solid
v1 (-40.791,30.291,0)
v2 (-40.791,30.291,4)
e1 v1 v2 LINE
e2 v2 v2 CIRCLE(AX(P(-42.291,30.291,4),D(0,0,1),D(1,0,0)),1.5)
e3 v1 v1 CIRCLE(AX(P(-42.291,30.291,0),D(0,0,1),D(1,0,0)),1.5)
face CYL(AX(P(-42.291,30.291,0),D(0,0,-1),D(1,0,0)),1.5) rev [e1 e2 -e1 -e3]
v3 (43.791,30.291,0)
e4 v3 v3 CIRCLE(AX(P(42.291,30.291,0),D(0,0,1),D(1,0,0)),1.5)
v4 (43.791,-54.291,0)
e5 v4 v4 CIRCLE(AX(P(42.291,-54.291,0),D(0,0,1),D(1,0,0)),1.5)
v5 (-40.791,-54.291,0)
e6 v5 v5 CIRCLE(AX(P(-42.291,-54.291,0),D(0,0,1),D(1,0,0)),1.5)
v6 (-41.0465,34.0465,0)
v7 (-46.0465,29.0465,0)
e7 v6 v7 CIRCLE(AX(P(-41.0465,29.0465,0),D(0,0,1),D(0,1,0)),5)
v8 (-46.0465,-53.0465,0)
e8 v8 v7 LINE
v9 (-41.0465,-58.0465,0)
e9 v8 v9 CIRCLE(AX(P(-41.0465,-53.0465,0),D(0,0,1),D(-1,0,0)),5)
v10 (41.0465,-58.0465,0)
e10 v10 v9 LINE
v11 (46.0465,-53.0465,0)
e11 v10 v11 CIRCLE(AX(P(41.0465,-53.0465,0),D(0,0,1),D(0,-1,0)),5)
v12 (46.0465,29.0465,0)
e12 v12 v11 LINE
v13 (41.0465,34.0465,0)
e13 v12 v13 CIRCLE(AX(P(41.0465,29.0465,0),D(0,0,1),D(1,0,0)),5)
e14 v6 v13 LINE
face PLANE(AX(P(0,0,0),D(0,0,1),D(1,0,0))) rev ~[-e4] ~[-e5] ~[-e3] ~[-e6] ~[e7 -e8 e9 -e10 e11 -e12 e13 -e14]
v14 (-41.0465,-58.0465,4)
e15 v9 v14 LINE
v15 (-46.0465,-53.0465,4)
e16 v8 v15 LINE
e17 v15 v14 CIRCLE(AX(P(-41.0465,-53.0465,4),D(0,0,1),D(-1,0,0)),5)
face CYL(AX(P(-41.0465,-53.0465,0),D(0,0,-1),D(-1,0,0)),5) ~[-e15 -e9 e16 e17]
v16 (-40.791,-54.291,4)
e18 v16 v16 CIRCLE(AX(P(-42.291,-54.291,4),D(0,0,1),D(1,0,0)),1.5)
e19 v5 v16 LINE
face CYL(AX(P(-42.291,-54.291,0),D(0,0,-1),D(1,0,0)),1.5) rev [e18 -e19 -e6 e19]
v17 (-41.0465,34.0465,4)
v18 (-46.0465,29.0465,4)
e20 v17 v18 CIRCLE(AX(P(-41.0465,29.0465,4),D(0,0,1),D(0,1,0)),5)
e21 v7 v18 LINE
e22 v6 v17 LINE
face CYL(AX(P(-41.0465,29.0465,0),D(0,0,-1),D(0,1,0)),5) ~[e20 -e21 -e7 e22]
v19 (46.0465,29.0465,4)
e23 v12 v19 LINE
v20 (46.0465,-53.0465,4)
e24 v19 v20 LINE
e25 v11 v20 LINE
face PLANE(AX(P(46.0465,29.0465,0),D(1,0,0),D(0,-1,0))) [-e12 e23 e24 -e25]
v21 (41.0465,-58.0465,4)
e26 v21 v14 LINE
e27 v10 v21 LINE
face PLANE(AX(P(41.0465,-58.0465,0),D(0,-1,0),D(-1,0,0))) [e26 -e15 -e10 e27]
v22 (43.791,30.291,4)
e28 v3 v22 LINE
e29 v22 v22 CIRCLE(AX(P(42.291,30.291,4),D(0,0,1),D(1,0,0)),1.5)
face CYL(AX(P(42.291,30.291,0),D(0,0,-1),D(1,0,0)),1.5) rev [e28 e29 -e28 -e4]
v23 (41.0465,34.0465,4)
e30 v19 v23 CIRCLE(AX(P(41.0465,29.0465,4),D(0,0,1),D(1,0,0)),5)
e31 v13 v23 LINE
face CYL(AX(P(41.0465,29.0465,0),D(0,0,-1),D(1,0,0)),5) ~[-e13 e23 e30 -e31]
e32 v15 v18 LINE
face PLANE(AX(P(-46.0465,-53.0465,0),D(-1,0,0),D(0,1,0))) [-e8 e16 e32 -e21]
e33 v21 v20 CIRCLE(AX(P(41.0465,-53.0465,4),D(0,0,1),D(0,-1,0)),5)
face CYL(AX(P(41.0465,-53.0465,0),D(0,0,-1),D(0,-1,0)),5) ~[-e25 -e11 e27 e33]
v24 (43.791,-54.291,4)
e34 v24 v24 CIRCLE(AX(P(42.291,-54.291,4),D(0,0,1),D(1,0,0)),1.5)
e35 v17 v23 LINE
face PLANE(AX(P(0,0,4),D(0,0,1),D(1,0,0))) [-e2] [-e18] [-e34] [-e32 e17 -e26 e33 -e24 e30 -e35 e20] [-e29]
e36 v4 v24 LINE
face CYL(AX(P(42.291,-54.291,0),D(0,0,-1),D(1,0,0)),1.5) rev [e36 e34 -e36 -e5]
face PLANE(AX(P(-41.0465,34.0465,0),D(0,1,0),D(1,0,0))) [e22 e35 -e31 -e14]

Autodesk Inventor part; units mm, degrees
ref_plane "YZ Plane" through (0, 0, 0) normal (1, 0, 0) x (0, 1, 0)
ref_plane "XZ Plane" through (0, 0, 0) normal (0, 1, 0) x (-1, 0, 0)
ref_plane "XY Plane" through (0, 0, 0) normal (0, 0, 1) x (1, 0, 0)
sketch "Sketch1" plane through (0, 0, 0) normal (0, 0, 1) x (1, 0, 0)
  line L0 (-40, 28) -> (40, 28) construction
  line L1 (-40, -52) -> (-40, 28) construction
  line L2 (-40, 53) -> (-40, 133) construction
  line L3 (-40, 133) -> (40, 133) construction
  line L4 (40, 133) -> (40, 53) construction
  line L5 (40, 53) -> (-40, 53) construction
  line L6 (-40, -52) -> (-40, 28) construction
  line L7 (-40, 28) -> (40, 28) construction
  line L8 (40, 28) -> (40, -52) construction
  line L9 (40, -52) -> (-40, -52) construction
  circle A0 centre (-27.5, 195) radius 1.5 construction
  circle A1 centre (27.5, 195) radius 1.5 construction
  circle A2 centre (27.5, -116) radius 1.5 construction
  circle A3 centre (-27.5, -116) radius 1.5 construction
  circle A4 centre (-27.5, -183) radius 1.5 construction
  circle A5 centre (27.5, -183) radius 1.5 construction
  line L10 (-37.5, -118) -> (-72.5, -118) construction
  line L11 (-72.5, -118) -> (-72.5, -114) construction
  line L12 (-72.5, -114) -> (-37.5, -114) construction
  line L13 (-37.5, -114) -> (-37.5, -118) construction
  line L14 (72.5, 197) -> (72.5, 193) construction
  line L15 (72.5, 193) -> (37.5, 193) construction
  line L16 (37.5, 193) -> (37.5, 197) construction
  line L17 (37.5, 197) -> (72.5, 197) construction
  line L18 (-17.5, 197) -> (17.5, 197) construction
  line L19 (17.5, 197) -> (17.5, 193) construction
  line L20 (17.5, 193) -> (-17.5, 193) construction
  line L21 (-17.5, 193) -> (-17.5, 197) construction
  line L22 (-37.5, -185) -> (-72.5, -185) construction
  line L23 (-72.5, -185) -> (-72.5, -181) construction
  line L24 (-72.5, -181) -> (-37.5, -181) construction
  line L25 (-37.5, -181) -> (-37.5, -185) construction
  line L26 (17.5, -118) -> (-17.5, -118) construction
  line L27 (-17.5, -118) -> (-17.5, -114) construction
  line L28 (-17.5, -114) -> (17.5, -114) construction
  line L29 (17.5, -114) -> (17.5, -118) construction
  line L30 (72.5, -185) -> (37.5, -185) construction
  line L31 (37.5, -185) -> (37.5, -181) construction
  line L32 (37.5, -181) -> (72.5, -181) construction
  line L33 (72.5, -181) -> (72.5, -185) construction
  line L34 (-37.5, 193) -> (-72.5, 193) construction
  line L35 (-72.5, 193) -> (-72.5, 197) construction
  line L36 (-72.5, 197) -> (-37.5, 197) construction
  line L37 (-37.5, 197) -> (-37.5, 193) construction
  line L38 (17.5, -181) -> (17.5, -185) construction
  line L39 (17.5, -185) -> (-17.5, -185) construction
  line L40 (-17.5, -185) -> (-17.5, -181) construction
  line L41 (-17.5, -181) -> (17.5, -181) construction
  line L42 (72.5, -114) -> (72.5, -118) construction
  line L43 (72.5, -118) -> (37.5, -118) construction
  line L44 (37.5, -118) -> (37.5, -114) construction
  line L45 (37.5, -114) -> (72.5, -114) construction
  circle A6 centre (-102, 39.5) radius 1.5 construction
  circle A7 centre (-102, -110.5) radius 1.5 construction
  circle A8 centre (102, -35.5) radius 1.5 construction
  circle A9 centre (102, 114.5) radius 1.5 construction
  circle A10 centre (102, -185.5) radius 1.5 construction
  circle A11 centre (-102, 189.5) radius 1.5 construction
  line L46 (100, 188) -> (95.2, 188) construction
  line L47 (95.2, 188) -> (95.2, 186.8) construction
  line L48 (95.2, 186.8) -> (92.8, 186.8) construction
  line L49 (92.8, 186.8) -> (92.8, 188) construction
  line L50 (92.8, 188) -> (88, 188) construction
  line L51 (88, 188) -> (88, 191) construction
  line L52 (88, 191) -> (92.8, 191) construction
  line L53 (92.8, 191) -> (92.8, 192.2) construction
  line L54 (92.8, 192.2) -> (95.2, 192.2) construction
  line L55 (95.2, 192.2) -> (95.2, 191) construction
  line L56 (95.2, 191) -> (100, 191) construction
  line L57 (100, 227) -> (100, 191) construction
  line L58 (87.5, 227) -> (100, 227) construction
  line L59 (87.5, 231) -> (87.5, 227) construction
  line L60 (52.5, 231) -> (87.5, 231) construction
  line L61 (52.5, 227) -> (52.5, 231) construction
  line L62 (36.5, 227) -> (52.5, 227) construction
  line L63 (36.5, 222.2) -> (36.5, 227) construction
  line L64 (37.7, 222.2) -> (36.5, 222.2) construction
  line L65 (37.7, 219.8) -> (37.7, 222.2) construction
  line L66 (36.5, 219.8) -> (37.7, 219.8) construction
  line L67 (36.5, 215) -> (36.5, 219.8) construction
  line L68 (33.5, 215) -> (36.5, 215) construction
  line L69 (33.5, 219.8) -> (33.5, 215) construction
  line L70 (32.3, 219.8) -> (33.5, 219.8) construction
  line L71 (32.3, 222.2) -> (32.3, 219.8) construction
  line L72 (33.5, 222.2) -> (32.3, 222.2) construction
  line L73 (33.5, 227) -> (33.5, 222.2) construction
  line L74 (17.5, 227) -> (33.5, 227) construction
  line L75 (17.5, 231) -> (17.5, 227) construction
  line L76 (-17.5, 231) -> (17.5, 231) construction
  line L77 (-17.5, 227) -> (-17.5, 231) construction
  line L78 (-33.5, 227) -> (-17.5, 227) construction
  line L79 (-33.5, 222.2) -> (-33.5, 227) construction
  line L80 (-32.3, 222.2) -> (-33.5, 222.2) construction
  line L81 (-32.3, 219.8) -> (-32.3, 222.2) construction
  line L82 (-33.5, 219.8) -> (-32.3, 219.8) construction
  line L83 (-33.5, 215) -> (-33.5, 219.8) construction
  line L84 (-36.5, 215) -> (-33.5, 215) construction
  line L85 (-36.5, 219.8) -> (-36.5, 215) construction
  line L86 (-37.7, 219.8) -> (-36.5, 219.8) construction
  line L87 (-37.7, 222.2) -> (-37.7, 219.8) construction
  line L88 (-36.5, 222.2) -> (-37.7, 222.2) construction
  line L89 (-36.5, 227) -> (-36.5, 222.2) construction
  line L90 (-52.5, 227) -> (-36.5, 227) construction
  line L91 (-52.5, 231) -> (-52.5, 227) construction
  line L92 (-87.5, 231) -> (-52.5, 231) construction
  line L93 (-87.5, 227) -> (-87.5, 231) construction
  line L94 (-104, 227) -> (-87.5, 227) construction
  line L95 (-104, 152) -> (-104, 227) construction
  line L96 (-100, 152) -> (-104, 152) construction
  line L97 (-100, 116) -> (-100, 152) construction
  line L98 (-100, 116) -> (-95.2, 116) construction
  line L99 (-95.2, 116) -> (-95.2, 117.2) construction
  line L100 (-95.2, 117.2) -> (-92.8, 117.2) construction
  line L101 (-92.8, 117.2) -> (-92.8, 116) construction
  line L102 (-92.8, 116) -> (-88, 116) construction
  line L103 (-88, 116) -> (-88, 113) construction
  line L104 (-88, 113) -> (-92.8, 113) construction
  line L105 (-92.8, 113) -> (-92.8, 111.8) construction
  line L106 (-92.8, 111.8) -> (-95.2, 111.8) construction
  line L107 (-95.2, 111.8) -> (-95.2, 113) construction
  line L108 (-95.2, 113) -> (-100, 113) construction
  line L109 (-100, 77) -> (-100, 113) construction
  line L110 (-104, 77) -> (-100, 77) construction
  line L111 (-104, 2) -> (-104, 77) construction
  line L112 (-100, 2) -> (-104, 2) construction
  line L113 (-100, -34) -> (-100, 2) construction
  line L114 (-100, -34) -> (-95.2, -34) construction
  line L115 (-95.2, -34) -> (-95.2, -32.8) construction
  line L116 (-95.2, -32.8) -> (-92.8, -32.8) construction
  line L117 (-92.8, -32.8) -> (-92.8, -34) construction
  line L118 (-92.8, -34) -> (-88, -34) construction
  line L119 (-88, -34) -> (-88, -37) construction
  line L120 (-88, -37) -> (-92.8, -37) construction
  line L121 (-92.8, -37) -> (-92.8, -38.2) construction
  line L122 (-92.8, -38.2) -> (-95.2, -38.2) construction
  line L123 (-95.2, -38.2) -> (-95.2, -37) construction
  line L124 (-95.2, -37) -> (-100, -37) construction
  line L125 (-100, -73) -> (-100, -37) construction
  line L126 (-104, -73) -> (-100, -73) construction
  line L127 (-104, -148) -> (-104, -73) construction
  line L128 (-100, -148) -> (-104, -148) construction
  line L129 (-100, -184) -> (-100, -148) construction
  line L130 (-100, -184) -> (-95.2, -184) construction
  line L131 (-95.2, -184) -> (-95.2, -182.8) construction
  line L132 (-95.2, -182.8) -> (-92.8, -182.8) construction
  line L133 (-92.8, -182.8) -> (-92.8, -184) construction
  line L134 (-92.8, -184) -> (-88, -184) construction
  line L135 (-88, -184) -> (-88, -187) construction
  line L136 (-88, -187) -> (-92.8, -187) construction
  line L137 (-92.8, -187) -> (-92.8, -188.2) construction
  line L138 (-92.8, -188.2) -> (-95.2, -188.2) construction
  line L139 (-95.2, -188.2) -> (-95.2, -187) construction
  line L140 (-95.2, -187) -> (-100, -187) construction
  line L141 (-100, -223) -> (-100, -187) construction
  line L142 (-87.5, -223) -> (-100, -223) construction
  line L143 (-87.5, -231) -> (-87.5, -223) construction
  line L144 (-52.5, -231) -> (-87.5, -231) construction
  line L145 (-52.5, -223) -> (-52.5, -231) construction
  line L146 (-36.5, -223) -> (-52.5, -223) construction
  line L147 (-36.5, -218.2) -> (-36.5, -223) construction
  line L148 (-37.7, -218.2) -> (-36.5, -218.2) construction
  line L149 (-37.7, -215.8) -> (-37.7, -218.2) construction
  line L150 (-36.5, -215.8) -> (-37.7, -215.8) construction
  line L151 (-36.5, -211) -> (-36.5, -215.8) construction
  line L152 (-33.5, -211) -> (-36.5, -211) construction
  line L153 (-33.5, -215.8) -> (-33.5, -211) construction
  line L154 (-32.3, -215.8) -> (-33.5, -215.8) construction
  line L155 (-32.3, -218.2) -> (-32.3, -215.8) construction
  line L156 (-33.5, -218.2) -> (-32.3, -218.2) construction
  line L157 (-33.5, -223) -> (-33.5, -218.2) construction
  line L158 (-17.5, -223) -> (-33.5, -223) construction
  line L159 (-17.5, -231) -> (-17.5, -223) construction
  line L160 (17.5, -231) -> (-17.5, -231) construction
  line L161 (17.5, -223) -> (17.5, -231) construction
  line L162 (33.5, -223) -> (17.5, -223) construction
  line L163 (33.5, -218.2) -> (33.5, -223) construction
  line L164 (32.3, -218.2) -> (33.5, -218.2) construction
  line L165 (32.3, -215.8) -> (32.3, -218.2) construction
  line L166 (33.5, -215.8) -> (32.3, -215.8) construction
  line L167 (33.5, -211) -> (33.5, -215.8) construction
  line L168 (36.5, -211) -> (33.5, -211) construction
  line L169 (36.5, -215.8) -> (36.5, -211) construction
  line L170 (37.7, -215.8) -> (36.5, -215.8) construction
  line L171 (37.7, -218.2) -> (37.7, -215.8) construction
  line L172 (36.5, -218.2) -> (37.7, -218.2) construction
  line L173 (36.5, -223) -> (36.5, -218.2) construction
  line L174 (52.5, -223) -> (36.5, -223) construction
  line L175 (52.5, -231) -> (52.5, -223) construction
  line L176 (87.5, -231) -> (52.5, -231) construction
  line L177 (87.5, -223) -> (87.5, -231) construction
  line L178 (104, -223) -> (87.5, -223) construction
  line L179 (104, -148) -> (104, -223) construction
  line L180 (100, -148) -> (104, -148) construction
  line L181 (100, -112) -> (100, -148) construction
  line L182 (100, -112) -> (95.2, -112) construction
  line L183 (95.2, -112) -> (95.2, -113.2) construction
  line L184 (95.2, -113.2) -> (92.8, -113.2) construction
  line L185 (92.8, -113.2) -> (92.8, -112) construction
  line L186 (92.8, -112) -> (88, -112) construction
  line L187 (88, -112) -> (88, -109) construction
  line L188 (88, -109) -> (92.8, -109) construction
  line L189 (92.8, -109) -> (92.8, -107.8) construction
  line L190 (92.8, -107.8) -> (95.2, -107.8) construction
  line L191 (95.2, -107.8) -> (95.2, -109) construction
  line L192 (95.2, -109) -> (100, -109) construction
  line L193 (100, -73) -> (100, -109) construction
  line L194 (104, -73) -> (100, -73) construction
  line L195 (104, 2) -> (104, -73) construction
  line L196 (100, 2) -> (104, 2) construction
  line L197 (100, 38) -> (100, 2) construction
  line L198 (100, 38) -> (95.2, 38) construction
  line L199 (95.2, 38) -> (95.2, 36.8) construction
  line L200 (95.2, 36.8) -> (92.8, 36.8) construction
  line L201 (92.8, 36.8) -> (92.8, 38) construction
  line L202 (92.8, 38) -> (88, 38) construction
  line L203 (88, 38) -> (88, 41) construction
  line L204 (88, 41) -> (92.8, 41) construction
  line L205 (92.8, 41) -> (92.8, 42.2) construction
  line L206 (92.8, 42.2) -> (95.2, 42.2) construction
  line L207 (95.2, 42.2) -> (95.2, 41) construction
  line L208 (95.2, 41) -> (100, 41) construction
  line L209 (100, 77) -> (100, 41) construction
  line L210 (104, 77) -> (100, 77) construction
  line L211 (104, 152) -> (104, 77) construction
  line L212 (100, 152) -> (104, 152) construction
  line L213 (100, 188) -> (100, 152) construction
  line L214 (-40, 28) -> (40, 28) construction
  line L215 (40, 28) -> (40, -52) construction
  line L216 (40, -52) -> (-40, -52) construction
  line L217 (-40, -52) -> (-40, 28) construction
  line L218 (-41.0465, 34.0465) -> (41.0465, 34.0465)
  line L219 (46.0465, 29.0465) -> (46.0465, -53.0465)
  line L220 (41.0465, -58.0465) -> (-41.0465, -58.0465)
  line L221 (-46.0465, -53.0465) -> (-46.0465, 29.0465)
  circle A12 centre (-42.291, 30.291) radius 1.5
  line L222 (-40, 28) -> (40, -52) construction
  line L223 (-40, 28) -> (-46.0465, 34.0465) construction
  arc A13 (-41.0465, 34.0465) -> (-46.0465, 29.0465) centre (-41.0465, 29.0465) ccw
  arc A14 (46.0465, 29.0465) -> (41.0465, 34.0465) centre (41.0465, 29.0465) ccw
  arc A15 (41.0465, -58.0465) -> (46.0465, -53.0465) centre (41.0465, -53.0465) ccw
  arc A16 (-46.0465, -53.0465) -> (-41.0465, -58.0465) centre (-41.0465, -53.0465) ccw
  circle A17 centre (-42.291, -54.291) radius 1.5
  circle A18 centre (42.291, -54.291) radius 1.5
  circle A19 centre (42.291, 30.291) radius 1.5
  circle A20 centre (42.291, 50.709) radius 1.5 projected
  circle A21 centre (-42.291, -54.291) radius 1.5 projected
  circle A22 centre (42.291, 30.291) radius 1.5 projected
  circle A23 centre (42.291, 135.291) radius 1.5 projected
  circle A24 centre (-42.291, 50.709) radius 1.5 projected
  circle A25 centre (42.291, -54.291) radius 1.5 projected
  circle A26 centre (-42.291, 30.291) radius 1.5 projected
  circle A27 centre (-42.291, 135.291) radius 1.5 projected
  point P0 (0, 0)
  point P1 (0, -12)
  point P2 (-44.5821, 32.5821)
  dimension "d1" = 3
  dimension "d2" = 3.24
  dimension "d3" = 5
  dimension "d4" = 3.24
  dimension "d7" = 360
extrude "Extrusion1" add sketch "Sketch1" along normal blind 4 contours L218 A14 L219 A15 L220 A16 L221 A13
properties part number "Protector_80x80" material "Glass"
